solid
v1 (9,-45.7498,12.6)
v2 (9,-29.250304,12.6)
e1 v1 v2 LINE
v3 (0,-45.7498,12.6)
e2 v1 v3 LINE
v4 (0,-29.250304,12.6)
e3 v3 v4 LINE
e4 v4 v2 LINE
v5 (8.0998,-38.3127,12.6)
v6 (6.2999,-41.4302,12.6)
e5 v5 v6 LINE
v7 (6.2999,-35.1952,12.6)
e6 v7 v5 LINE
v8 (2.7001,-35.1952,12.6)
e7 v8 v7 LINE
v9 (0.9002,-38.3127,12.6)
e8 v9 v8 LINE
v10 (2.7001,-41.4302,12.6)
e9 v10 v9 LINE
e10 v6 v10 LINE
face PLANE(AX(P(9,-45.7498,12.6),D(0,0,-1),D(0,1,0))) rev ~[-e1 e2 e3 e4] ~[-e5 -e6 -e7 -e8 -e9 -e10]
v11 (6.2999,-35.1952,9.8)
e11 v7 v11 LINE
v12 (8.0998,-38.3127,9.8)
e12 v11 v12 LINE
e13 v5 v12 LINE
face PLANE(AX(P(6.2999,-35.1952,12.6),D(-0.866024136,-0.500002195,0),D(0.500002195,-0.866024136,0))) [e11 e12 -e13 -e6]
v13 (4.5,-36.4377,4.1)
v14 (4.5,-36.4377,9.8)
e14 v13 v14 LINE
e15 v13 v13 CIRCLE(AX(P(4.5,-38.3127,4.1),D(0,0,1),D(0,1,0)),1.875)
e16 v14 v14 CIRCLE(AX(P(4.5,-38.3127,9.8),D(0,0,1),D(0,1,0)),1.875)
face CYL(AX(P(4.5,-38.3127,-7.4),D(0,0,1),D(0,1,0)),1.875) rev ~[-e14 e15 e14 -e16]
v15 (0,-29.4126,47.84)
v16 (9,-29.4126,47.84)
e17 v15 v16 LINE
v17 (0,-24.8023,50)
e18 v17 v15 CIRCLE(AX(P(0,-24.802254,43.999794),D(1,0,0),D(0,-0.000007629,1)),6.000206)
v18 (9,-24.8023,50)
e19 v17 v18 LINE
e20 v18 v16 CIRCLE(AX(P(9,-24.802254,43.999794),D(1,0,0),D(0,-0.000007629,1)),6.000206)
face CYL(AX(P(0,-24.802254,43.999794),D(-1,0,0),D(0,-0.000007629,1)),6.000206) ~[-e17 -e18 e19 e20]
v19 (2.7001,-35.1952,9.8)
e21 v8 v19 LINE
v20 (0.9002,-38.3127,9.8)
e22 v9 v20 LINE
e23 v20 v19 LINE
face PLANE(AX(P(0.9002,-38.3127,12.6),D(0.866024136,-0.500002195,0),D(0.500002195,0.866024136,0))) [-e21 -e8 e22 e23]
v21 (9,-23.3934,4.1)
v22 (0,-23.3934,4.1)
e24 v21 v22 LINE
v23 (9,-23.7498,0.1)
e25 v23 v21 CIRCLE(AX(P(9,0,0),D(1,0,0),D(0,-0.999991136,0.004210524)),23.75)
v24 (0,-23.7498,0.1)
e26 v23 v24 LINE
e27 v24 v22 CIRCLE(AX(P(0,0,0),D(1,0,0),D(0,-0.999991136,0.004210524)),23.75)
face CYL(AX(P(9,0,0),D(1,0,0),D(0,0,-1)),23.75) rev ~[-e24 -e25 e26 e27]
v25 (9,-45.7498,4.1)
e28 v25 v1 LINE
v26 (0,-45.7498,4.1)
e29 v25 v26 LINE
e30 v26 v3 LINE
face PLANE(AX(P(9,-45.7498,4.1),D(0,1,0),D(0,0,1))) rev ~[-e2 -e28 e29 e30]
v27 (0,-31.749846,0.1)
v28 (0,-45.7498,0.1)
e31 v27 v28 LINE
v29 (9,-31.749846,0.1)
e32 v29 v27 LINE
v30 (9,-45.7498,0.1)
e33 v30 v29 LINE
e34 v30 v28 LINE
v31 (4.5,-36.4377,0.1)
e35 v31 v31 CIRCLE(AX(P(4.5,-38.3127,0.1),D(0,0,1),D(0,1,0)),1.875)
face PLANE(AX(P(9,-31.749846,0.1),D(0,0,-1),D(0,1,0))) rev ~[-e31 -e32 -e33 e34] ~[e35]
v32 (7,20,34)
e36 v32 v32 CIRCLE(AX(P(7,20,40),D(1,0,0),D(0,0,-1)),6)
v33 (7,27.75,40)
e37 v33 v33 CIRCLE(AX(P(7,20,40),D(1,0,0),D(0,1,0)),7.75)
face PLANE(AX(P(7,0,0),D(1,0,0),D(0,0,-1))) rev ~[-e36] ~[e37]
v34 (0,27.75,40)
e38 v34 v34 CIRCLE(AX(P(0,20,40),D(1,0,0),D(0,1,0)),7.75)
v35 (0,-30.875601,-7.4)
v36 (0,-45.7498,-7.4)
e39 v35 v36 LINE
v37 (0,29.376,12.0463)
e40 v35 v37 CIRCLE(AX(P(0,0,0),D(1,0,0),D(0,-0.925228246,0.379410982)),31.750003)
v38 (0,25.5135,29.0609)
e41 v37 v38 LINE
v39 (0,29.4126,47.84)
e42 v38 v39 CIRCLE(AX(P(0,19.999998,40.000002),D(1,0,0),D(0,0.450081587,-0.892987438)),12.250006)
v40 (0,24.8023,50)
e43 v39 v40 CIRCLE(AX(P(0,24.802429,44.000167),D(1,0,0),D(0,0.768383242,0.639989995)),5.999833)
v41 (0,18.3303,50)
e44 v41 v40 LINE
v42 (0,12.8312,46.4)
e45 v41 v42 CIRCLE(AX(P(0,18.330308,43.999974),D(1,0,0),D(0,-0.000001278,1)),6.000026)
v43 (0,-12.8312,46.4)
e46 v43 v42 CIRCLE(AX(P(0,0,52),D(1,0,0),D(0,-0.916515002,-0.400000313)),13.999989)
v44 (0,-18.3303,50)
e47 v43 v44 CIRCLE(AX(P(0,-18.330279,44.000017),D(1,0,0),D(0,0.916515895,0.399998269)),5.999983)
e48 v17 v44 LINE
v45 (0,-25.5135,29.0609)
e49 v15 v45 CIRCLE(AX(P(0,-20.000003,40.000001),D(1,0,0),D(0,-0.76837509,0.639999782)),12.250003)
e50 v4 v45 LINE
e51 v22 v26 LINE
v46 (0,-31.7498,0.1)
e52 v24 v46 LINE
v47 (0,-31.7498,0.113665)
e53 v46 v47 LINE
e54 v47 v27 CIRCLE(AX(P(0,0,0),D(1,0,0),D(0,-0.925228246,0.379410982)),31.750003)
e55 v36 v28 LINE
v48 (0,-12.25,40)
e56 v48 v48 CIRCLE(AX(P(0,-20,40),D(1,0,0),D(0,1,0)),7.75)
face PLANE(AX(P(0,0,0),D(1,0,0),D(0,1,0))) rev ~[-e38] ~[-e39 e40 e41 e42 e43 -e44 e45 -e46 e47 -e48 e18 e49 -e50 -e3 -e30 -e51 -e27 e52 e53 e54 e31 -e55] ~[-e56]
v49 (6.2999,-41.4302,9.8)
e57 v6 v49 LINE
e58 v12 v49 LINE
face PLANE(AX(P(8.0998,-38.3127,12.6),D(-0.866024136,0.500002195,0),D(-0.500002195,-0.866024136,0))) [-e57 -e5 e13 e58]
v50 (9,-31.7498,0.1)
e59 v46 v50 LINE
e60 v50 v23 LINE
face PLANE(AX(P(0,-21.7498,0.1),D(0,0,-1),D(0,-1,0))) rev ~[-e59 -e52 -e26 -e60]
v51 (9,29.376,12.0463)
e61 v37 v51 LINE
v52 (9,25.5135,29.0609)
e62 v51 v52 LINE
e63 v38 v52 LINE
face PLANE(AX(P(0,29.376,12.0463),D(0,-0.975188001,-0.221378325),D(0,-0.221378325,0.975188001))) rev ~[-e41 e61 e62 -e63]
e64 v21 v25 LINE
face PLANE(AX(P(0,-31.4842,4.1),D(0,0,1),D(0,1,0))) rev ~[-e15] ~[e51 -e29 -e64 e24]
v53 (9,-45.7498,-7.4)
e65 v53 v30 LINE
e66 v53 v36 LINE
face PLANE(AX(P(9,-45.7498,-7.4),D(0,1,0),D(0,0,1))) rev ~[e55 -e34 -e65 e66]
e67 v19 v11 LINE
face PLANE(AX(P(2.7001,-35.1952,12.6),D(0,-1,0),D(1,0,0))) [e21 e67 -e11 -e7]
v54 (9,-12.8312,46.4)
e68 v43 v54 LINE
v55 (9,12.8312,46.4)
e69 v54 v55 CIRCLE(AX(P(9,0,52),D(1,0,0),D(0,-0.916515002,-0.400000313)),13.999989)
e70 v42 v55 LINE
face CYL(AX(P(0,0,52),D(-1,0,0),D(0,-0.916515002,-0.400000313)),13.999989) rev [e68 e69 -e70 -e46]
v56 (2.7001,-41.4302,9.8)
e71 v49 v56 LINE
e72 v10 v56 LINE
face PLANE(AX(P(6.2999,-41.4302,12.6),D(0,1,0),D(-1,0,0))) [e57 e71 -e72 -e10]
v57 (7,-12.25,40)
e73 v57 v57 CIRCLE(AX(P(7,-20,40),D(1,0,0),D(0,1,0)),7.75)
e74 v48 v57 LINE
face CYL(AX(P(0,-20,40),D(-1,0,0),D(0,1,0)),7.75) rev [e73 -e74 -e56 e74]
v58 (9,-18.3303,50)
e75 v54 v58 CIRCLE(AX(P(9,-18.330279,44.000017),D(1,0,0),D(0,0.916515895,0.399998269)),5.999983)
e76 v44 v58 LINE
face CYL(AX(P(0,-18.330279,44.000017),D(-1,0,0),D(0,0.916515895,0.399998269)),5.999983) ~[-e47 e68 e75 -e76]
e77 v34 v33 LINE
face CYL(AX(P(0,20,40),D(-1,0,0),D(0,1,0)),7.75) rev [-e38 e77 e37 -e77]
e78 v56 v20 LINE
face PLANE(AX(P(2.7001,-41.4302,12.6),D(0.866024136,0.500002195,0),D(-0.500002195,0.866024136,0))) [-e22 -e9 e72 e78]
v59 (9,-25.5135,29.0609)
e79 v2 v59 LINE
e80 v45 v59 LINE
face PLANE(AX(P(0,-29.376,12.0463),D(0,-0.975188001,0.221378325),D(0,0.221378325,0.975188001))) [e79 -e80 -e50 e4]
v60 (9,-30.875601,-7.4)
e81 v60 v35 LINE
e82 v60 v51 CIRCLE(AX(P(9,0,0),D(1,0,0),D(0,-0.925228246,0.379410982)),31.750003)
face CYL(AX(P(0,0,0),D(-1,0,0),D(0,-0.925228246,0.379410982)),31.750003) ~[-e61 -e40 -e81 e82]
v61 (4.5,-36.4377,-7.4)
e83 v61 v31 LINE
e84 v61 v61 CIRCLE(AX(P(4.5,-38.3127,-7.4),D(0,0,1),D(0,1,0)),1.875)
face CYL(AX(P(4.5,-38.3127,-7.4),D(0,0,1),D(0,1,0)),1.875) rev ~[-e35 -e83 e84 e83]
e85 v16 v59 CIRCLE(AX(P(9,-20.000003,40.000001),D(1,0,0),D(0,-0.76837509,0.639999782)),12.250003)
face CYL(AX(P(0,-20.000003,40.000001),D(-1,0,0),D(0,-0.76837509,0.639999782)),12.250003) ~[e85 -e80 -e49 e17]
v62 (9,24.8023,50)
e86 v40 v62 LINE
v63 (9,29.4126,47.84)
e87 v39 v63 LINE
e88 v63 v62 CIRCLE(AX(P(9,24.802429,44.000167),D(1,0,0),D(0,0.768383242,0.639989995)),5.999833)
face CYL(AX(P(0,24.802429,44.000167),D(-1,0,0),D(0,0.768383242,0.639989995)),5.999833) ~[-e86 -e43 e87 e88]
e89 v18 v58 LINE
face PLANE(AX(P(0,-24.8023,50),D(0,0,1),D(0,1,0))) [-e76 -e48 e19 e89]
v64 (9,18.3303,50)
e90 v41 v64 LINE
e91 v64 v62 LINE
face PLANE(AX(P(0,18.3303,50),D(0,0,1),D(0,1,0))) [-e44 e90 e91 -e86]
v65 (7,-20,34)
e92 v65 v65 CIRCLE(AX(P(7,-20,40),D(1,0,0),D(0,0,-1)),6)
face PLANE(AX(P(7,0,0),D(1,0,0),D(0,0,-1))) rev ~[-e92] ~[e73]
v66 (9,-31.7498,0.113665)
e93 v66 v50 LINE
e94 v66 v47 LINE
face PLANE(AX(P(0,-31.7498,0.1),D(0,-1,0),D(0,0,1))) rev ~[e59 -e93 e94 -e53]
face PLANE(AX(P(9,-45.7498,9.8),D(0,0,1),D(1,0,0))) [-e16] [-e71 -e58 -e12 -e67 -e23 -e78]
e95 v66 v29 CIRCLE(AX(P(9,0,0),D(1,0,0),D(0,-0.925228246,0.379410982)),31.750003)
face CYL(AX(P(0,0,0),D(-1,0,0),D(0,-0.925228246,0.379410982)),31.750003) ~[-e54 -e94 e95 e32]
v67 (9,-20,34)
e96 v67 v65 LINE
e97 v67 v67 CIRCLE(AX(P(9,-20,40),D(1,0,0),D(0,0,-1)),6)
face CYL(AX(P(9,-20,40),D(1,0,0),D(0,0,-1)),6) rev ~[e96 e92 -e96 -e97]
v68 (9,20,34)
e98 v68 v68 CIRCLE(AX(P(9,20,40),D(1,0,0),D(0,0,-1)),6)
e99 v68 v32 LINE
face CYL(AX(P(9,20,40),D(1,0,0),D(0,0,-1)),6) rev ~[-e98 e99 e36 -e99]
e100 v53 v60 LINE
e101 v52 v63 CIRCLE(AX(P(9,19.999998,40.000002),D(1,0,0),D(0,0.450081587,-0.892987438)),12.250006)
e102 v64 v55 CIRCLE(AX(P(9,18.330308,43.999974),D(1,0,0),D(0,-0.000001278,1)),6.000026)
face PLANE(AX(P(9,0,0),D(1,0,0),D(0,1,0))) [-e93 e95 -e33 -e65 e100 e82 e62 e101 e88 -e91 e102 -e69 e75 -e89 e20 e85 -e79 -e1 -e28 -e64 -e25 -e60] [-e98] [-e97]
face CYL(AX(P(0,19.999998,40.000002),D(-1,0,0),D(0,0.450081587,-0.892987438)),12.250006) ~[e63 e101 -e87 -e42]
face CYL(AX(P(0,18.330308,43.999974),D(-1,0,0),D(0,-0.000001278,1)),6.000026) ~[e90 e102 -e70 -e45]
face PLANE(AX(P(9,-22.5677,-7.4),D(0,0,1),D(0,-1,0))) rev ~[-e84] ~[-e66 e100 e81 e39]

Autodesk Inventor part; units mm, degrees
sketch "Boceto1" plane through (0, 0, 0) normal (1, 0, 0) x (0, 1, 0)
  circle A0 centre (0, 0) radius 23.75
  arc A1 (-29.376, 12.0463) -> (29.376, 12.0463) centre (0, 0) ccw
  line L0 (-29.376, 12.0463) -> (-25.5135, 29.0609)
  line L1 (29.376, 12.0463) -> (25.5135, 29.0609)
  circle A2 centre (-20, 40) radius 7.75
  circle A3 centre (20, 40) radius 7.75
  arc A4 (-12.8312, 46.4) -> (12.8312, 46.4) centre (0, 52) ccw
  line L2 (-24.8023, 50) -> (-18.3303, 50)
  arc A5 (-29.4126, 47.84) -> (-25.5135, 29.0609) centre (-20, 40) ccw
  arc A6 (25.5135, 29.0609) -> (29.4126, 47.84) centre (20, 40) ccw
  line L3 (18.3303, 50) -> (24.8023, 50)
  arc A7 (18.3303, 50) -> (12.8312, 46.4) centre (18.3303, 44) ccw
  arc A8 (-12.8312, 46.4) -> (-18.3303, 50) centre (-18.3303, 44) ccw
  arc A9 (-24.8023, 50) -> (-29.4126, 47.84) centre (-24.8023, 44) ccw
  arc A10 (29.4126, 47.84) -> (24.8023, 50) centre (24.8023, 44) ccw
  point P0 (-27.0755, 50)
  point P1 (-32.25, 40)
  point P2 (32.25, 40)
  point P3 (-27.75, 40)
  point P4 (27.75, 40)
  point P5 (-13.8564, 50)
  point P6 (13.8564, 50)
  point P7 (0, 38)
  point P8 (27.0755, 50)
  dimension "d4" = 15.5
  dimension "d5" = 15.5
  dimension "d0" = 47.5
  dimension "d1" = 63.5
  dimension "d2" = 25.58
  dimension "d7" = 4.5
  dimension "d8" = 4.5
  dimension "d25" = 51.027
  dimension "d55" = 10
  dimension "d58" = 40
  dimension "d59" = 20
  dimension "d60" = 40
  dimension "d61" = 52
  dimension "d62" = 14
  dimension "d63" = 6
  dimension "d64" = 6
extrude "Extrusión1" add sketch "Boceto1" along normal blind 9
sketch "Boceto2" plane through (9, 0, 0) normal (1, 0, 0) x (0, 0, -1)
  arc A0 (-12.0463, -29.376) -> (-12.0463, 29.376) centre (0, 0) ccw projected
  circle A1 centre (0, 0) radius 23.75 projected
  line L0 (7.4, -22.5677) -> (7.4, -45.7498)
  line L1 (7.4, -45.7498) -> (-0.1, -45.7498)
  line L2 (-0.1, -45.7498) -> (-0.1, -23.7498)
  circle A2 centre (0, 0) radius 23.75 projected
  line L3 (-4.1, -23.3934) -> (-4.1, -45.7498)
  line L4 (-4.1, -45.7498) -> (-12.6, -45.7498)
  line L5 (-12.6, -45.7498) -> (-12.6, -20.1321)
  line L6 (-50, -18.3303) -> (-50, -24.8023) projected
  point P0 (-50, -15.6404)
  point P1 (-50, -27.0755)
  point P2 (-29.0609, -25.5135)
  dimension "d17" = 8.5
  dimension "d18" = 7.5
  dimension "d19" = 4
  dimension "d26" = 22
  dimension "d27" = 37.4
extrude "Extrusión2" add sketch "Boceto2" against normal blind 9 contours L3 L4 L5 A1 | L2 A1 L0 A0 | A0 L0 L1 L2
sketch "Boceto3" plane through (9, 0, 0) normal (1, 0, 0) x (0, 0, -1)
  circle A0 centre (-40, -20) radius 7.75 projected
  circle A1 centre (-40, 20) radius 7.75 projected
  circle A2 centre (-40, -20) radius 6
  circle A3 centre (-40, 20) radius 6
  point P0 (0, 0)
  dimension "d31" = 12
  dimension "d32" = 12
extrude "Extrusión3" add sketch "Boceto3" against normal blind 2
sketch "Boceto4" plane through (9, -45.7498, -7.4) normal (0, 0, -1) x (-1, 0, 0)
  line L0 (0, 0) -> (9, 0) projected
  line L1 (9, 14.8742) -> (9, 0) projected
  point P0 (9, 45.7498)
  point P1 (4.5, 7.4371)
  point P2 (4.5, 0)
  point P3 (9, 7.4371)
hole "Agujero1" at (4.5, -38.3127, -7.4) direction (0, 0, 1) diameter 3.75 end through all
sketch "Boceto5" plane through (9, -45.7498, 12.6) normal (0, 0, 1) x (1, 0, 0)
  circle A0 centre (-4.5, 7.4371) radius 1.875 projected
  line L0 (-6.2999, 10.5546) -> (-2.7001, 10.5546)
  line L1 (-2.7001, 10.5546) -> (-0.9002, 7.4371)
  line L2 (-0.9002, 7.4371) -> (-2.7001, 4.3196)
  line L3 (-2.7001, 4.3196) -> (-6.2999, 4.3196)
  line L4 (-6.2999, 4.3196) -> (-8.0998, 7.4371)
  line L5 (-8.0998, 7.4371) -> (-6.2999, 10.5546)
  point P0 (-9, 45.7498)
  dimension "d44" = 6.235
extrude "Extrusión4" cut sketch "Boceto5" against normal blind 2.8
sketch "Boceto6" plane through (0, 0, 0) normal (-1, 0, 0) x (0, 0, 1)
  line L0 (0.1, -45.7498) -> (0.1, -31.7498) projected
  line L1 (4.1, -31.4842) -> (4.1, -45.7498) projected
  line L2 (0.1, -31.7498) -> (4.1, -31.7498)
  line L3 (4.1, -31.7498) -> (4.1, -21.7498)
  line L4 (4.1, -21.7498) -> (0.1, -21.7498)
  line L5 (0.1, -21.7498) -> (0.1, -31.7498)
  point P0 (0, 0)
  dimension "d50" = 10
extrude "Extrusión5" cut sketch "Boceto6" against normal through all
equation "\"d5\" = d4"
properties part number "G004164_Cycl_carroZ_inferior"
